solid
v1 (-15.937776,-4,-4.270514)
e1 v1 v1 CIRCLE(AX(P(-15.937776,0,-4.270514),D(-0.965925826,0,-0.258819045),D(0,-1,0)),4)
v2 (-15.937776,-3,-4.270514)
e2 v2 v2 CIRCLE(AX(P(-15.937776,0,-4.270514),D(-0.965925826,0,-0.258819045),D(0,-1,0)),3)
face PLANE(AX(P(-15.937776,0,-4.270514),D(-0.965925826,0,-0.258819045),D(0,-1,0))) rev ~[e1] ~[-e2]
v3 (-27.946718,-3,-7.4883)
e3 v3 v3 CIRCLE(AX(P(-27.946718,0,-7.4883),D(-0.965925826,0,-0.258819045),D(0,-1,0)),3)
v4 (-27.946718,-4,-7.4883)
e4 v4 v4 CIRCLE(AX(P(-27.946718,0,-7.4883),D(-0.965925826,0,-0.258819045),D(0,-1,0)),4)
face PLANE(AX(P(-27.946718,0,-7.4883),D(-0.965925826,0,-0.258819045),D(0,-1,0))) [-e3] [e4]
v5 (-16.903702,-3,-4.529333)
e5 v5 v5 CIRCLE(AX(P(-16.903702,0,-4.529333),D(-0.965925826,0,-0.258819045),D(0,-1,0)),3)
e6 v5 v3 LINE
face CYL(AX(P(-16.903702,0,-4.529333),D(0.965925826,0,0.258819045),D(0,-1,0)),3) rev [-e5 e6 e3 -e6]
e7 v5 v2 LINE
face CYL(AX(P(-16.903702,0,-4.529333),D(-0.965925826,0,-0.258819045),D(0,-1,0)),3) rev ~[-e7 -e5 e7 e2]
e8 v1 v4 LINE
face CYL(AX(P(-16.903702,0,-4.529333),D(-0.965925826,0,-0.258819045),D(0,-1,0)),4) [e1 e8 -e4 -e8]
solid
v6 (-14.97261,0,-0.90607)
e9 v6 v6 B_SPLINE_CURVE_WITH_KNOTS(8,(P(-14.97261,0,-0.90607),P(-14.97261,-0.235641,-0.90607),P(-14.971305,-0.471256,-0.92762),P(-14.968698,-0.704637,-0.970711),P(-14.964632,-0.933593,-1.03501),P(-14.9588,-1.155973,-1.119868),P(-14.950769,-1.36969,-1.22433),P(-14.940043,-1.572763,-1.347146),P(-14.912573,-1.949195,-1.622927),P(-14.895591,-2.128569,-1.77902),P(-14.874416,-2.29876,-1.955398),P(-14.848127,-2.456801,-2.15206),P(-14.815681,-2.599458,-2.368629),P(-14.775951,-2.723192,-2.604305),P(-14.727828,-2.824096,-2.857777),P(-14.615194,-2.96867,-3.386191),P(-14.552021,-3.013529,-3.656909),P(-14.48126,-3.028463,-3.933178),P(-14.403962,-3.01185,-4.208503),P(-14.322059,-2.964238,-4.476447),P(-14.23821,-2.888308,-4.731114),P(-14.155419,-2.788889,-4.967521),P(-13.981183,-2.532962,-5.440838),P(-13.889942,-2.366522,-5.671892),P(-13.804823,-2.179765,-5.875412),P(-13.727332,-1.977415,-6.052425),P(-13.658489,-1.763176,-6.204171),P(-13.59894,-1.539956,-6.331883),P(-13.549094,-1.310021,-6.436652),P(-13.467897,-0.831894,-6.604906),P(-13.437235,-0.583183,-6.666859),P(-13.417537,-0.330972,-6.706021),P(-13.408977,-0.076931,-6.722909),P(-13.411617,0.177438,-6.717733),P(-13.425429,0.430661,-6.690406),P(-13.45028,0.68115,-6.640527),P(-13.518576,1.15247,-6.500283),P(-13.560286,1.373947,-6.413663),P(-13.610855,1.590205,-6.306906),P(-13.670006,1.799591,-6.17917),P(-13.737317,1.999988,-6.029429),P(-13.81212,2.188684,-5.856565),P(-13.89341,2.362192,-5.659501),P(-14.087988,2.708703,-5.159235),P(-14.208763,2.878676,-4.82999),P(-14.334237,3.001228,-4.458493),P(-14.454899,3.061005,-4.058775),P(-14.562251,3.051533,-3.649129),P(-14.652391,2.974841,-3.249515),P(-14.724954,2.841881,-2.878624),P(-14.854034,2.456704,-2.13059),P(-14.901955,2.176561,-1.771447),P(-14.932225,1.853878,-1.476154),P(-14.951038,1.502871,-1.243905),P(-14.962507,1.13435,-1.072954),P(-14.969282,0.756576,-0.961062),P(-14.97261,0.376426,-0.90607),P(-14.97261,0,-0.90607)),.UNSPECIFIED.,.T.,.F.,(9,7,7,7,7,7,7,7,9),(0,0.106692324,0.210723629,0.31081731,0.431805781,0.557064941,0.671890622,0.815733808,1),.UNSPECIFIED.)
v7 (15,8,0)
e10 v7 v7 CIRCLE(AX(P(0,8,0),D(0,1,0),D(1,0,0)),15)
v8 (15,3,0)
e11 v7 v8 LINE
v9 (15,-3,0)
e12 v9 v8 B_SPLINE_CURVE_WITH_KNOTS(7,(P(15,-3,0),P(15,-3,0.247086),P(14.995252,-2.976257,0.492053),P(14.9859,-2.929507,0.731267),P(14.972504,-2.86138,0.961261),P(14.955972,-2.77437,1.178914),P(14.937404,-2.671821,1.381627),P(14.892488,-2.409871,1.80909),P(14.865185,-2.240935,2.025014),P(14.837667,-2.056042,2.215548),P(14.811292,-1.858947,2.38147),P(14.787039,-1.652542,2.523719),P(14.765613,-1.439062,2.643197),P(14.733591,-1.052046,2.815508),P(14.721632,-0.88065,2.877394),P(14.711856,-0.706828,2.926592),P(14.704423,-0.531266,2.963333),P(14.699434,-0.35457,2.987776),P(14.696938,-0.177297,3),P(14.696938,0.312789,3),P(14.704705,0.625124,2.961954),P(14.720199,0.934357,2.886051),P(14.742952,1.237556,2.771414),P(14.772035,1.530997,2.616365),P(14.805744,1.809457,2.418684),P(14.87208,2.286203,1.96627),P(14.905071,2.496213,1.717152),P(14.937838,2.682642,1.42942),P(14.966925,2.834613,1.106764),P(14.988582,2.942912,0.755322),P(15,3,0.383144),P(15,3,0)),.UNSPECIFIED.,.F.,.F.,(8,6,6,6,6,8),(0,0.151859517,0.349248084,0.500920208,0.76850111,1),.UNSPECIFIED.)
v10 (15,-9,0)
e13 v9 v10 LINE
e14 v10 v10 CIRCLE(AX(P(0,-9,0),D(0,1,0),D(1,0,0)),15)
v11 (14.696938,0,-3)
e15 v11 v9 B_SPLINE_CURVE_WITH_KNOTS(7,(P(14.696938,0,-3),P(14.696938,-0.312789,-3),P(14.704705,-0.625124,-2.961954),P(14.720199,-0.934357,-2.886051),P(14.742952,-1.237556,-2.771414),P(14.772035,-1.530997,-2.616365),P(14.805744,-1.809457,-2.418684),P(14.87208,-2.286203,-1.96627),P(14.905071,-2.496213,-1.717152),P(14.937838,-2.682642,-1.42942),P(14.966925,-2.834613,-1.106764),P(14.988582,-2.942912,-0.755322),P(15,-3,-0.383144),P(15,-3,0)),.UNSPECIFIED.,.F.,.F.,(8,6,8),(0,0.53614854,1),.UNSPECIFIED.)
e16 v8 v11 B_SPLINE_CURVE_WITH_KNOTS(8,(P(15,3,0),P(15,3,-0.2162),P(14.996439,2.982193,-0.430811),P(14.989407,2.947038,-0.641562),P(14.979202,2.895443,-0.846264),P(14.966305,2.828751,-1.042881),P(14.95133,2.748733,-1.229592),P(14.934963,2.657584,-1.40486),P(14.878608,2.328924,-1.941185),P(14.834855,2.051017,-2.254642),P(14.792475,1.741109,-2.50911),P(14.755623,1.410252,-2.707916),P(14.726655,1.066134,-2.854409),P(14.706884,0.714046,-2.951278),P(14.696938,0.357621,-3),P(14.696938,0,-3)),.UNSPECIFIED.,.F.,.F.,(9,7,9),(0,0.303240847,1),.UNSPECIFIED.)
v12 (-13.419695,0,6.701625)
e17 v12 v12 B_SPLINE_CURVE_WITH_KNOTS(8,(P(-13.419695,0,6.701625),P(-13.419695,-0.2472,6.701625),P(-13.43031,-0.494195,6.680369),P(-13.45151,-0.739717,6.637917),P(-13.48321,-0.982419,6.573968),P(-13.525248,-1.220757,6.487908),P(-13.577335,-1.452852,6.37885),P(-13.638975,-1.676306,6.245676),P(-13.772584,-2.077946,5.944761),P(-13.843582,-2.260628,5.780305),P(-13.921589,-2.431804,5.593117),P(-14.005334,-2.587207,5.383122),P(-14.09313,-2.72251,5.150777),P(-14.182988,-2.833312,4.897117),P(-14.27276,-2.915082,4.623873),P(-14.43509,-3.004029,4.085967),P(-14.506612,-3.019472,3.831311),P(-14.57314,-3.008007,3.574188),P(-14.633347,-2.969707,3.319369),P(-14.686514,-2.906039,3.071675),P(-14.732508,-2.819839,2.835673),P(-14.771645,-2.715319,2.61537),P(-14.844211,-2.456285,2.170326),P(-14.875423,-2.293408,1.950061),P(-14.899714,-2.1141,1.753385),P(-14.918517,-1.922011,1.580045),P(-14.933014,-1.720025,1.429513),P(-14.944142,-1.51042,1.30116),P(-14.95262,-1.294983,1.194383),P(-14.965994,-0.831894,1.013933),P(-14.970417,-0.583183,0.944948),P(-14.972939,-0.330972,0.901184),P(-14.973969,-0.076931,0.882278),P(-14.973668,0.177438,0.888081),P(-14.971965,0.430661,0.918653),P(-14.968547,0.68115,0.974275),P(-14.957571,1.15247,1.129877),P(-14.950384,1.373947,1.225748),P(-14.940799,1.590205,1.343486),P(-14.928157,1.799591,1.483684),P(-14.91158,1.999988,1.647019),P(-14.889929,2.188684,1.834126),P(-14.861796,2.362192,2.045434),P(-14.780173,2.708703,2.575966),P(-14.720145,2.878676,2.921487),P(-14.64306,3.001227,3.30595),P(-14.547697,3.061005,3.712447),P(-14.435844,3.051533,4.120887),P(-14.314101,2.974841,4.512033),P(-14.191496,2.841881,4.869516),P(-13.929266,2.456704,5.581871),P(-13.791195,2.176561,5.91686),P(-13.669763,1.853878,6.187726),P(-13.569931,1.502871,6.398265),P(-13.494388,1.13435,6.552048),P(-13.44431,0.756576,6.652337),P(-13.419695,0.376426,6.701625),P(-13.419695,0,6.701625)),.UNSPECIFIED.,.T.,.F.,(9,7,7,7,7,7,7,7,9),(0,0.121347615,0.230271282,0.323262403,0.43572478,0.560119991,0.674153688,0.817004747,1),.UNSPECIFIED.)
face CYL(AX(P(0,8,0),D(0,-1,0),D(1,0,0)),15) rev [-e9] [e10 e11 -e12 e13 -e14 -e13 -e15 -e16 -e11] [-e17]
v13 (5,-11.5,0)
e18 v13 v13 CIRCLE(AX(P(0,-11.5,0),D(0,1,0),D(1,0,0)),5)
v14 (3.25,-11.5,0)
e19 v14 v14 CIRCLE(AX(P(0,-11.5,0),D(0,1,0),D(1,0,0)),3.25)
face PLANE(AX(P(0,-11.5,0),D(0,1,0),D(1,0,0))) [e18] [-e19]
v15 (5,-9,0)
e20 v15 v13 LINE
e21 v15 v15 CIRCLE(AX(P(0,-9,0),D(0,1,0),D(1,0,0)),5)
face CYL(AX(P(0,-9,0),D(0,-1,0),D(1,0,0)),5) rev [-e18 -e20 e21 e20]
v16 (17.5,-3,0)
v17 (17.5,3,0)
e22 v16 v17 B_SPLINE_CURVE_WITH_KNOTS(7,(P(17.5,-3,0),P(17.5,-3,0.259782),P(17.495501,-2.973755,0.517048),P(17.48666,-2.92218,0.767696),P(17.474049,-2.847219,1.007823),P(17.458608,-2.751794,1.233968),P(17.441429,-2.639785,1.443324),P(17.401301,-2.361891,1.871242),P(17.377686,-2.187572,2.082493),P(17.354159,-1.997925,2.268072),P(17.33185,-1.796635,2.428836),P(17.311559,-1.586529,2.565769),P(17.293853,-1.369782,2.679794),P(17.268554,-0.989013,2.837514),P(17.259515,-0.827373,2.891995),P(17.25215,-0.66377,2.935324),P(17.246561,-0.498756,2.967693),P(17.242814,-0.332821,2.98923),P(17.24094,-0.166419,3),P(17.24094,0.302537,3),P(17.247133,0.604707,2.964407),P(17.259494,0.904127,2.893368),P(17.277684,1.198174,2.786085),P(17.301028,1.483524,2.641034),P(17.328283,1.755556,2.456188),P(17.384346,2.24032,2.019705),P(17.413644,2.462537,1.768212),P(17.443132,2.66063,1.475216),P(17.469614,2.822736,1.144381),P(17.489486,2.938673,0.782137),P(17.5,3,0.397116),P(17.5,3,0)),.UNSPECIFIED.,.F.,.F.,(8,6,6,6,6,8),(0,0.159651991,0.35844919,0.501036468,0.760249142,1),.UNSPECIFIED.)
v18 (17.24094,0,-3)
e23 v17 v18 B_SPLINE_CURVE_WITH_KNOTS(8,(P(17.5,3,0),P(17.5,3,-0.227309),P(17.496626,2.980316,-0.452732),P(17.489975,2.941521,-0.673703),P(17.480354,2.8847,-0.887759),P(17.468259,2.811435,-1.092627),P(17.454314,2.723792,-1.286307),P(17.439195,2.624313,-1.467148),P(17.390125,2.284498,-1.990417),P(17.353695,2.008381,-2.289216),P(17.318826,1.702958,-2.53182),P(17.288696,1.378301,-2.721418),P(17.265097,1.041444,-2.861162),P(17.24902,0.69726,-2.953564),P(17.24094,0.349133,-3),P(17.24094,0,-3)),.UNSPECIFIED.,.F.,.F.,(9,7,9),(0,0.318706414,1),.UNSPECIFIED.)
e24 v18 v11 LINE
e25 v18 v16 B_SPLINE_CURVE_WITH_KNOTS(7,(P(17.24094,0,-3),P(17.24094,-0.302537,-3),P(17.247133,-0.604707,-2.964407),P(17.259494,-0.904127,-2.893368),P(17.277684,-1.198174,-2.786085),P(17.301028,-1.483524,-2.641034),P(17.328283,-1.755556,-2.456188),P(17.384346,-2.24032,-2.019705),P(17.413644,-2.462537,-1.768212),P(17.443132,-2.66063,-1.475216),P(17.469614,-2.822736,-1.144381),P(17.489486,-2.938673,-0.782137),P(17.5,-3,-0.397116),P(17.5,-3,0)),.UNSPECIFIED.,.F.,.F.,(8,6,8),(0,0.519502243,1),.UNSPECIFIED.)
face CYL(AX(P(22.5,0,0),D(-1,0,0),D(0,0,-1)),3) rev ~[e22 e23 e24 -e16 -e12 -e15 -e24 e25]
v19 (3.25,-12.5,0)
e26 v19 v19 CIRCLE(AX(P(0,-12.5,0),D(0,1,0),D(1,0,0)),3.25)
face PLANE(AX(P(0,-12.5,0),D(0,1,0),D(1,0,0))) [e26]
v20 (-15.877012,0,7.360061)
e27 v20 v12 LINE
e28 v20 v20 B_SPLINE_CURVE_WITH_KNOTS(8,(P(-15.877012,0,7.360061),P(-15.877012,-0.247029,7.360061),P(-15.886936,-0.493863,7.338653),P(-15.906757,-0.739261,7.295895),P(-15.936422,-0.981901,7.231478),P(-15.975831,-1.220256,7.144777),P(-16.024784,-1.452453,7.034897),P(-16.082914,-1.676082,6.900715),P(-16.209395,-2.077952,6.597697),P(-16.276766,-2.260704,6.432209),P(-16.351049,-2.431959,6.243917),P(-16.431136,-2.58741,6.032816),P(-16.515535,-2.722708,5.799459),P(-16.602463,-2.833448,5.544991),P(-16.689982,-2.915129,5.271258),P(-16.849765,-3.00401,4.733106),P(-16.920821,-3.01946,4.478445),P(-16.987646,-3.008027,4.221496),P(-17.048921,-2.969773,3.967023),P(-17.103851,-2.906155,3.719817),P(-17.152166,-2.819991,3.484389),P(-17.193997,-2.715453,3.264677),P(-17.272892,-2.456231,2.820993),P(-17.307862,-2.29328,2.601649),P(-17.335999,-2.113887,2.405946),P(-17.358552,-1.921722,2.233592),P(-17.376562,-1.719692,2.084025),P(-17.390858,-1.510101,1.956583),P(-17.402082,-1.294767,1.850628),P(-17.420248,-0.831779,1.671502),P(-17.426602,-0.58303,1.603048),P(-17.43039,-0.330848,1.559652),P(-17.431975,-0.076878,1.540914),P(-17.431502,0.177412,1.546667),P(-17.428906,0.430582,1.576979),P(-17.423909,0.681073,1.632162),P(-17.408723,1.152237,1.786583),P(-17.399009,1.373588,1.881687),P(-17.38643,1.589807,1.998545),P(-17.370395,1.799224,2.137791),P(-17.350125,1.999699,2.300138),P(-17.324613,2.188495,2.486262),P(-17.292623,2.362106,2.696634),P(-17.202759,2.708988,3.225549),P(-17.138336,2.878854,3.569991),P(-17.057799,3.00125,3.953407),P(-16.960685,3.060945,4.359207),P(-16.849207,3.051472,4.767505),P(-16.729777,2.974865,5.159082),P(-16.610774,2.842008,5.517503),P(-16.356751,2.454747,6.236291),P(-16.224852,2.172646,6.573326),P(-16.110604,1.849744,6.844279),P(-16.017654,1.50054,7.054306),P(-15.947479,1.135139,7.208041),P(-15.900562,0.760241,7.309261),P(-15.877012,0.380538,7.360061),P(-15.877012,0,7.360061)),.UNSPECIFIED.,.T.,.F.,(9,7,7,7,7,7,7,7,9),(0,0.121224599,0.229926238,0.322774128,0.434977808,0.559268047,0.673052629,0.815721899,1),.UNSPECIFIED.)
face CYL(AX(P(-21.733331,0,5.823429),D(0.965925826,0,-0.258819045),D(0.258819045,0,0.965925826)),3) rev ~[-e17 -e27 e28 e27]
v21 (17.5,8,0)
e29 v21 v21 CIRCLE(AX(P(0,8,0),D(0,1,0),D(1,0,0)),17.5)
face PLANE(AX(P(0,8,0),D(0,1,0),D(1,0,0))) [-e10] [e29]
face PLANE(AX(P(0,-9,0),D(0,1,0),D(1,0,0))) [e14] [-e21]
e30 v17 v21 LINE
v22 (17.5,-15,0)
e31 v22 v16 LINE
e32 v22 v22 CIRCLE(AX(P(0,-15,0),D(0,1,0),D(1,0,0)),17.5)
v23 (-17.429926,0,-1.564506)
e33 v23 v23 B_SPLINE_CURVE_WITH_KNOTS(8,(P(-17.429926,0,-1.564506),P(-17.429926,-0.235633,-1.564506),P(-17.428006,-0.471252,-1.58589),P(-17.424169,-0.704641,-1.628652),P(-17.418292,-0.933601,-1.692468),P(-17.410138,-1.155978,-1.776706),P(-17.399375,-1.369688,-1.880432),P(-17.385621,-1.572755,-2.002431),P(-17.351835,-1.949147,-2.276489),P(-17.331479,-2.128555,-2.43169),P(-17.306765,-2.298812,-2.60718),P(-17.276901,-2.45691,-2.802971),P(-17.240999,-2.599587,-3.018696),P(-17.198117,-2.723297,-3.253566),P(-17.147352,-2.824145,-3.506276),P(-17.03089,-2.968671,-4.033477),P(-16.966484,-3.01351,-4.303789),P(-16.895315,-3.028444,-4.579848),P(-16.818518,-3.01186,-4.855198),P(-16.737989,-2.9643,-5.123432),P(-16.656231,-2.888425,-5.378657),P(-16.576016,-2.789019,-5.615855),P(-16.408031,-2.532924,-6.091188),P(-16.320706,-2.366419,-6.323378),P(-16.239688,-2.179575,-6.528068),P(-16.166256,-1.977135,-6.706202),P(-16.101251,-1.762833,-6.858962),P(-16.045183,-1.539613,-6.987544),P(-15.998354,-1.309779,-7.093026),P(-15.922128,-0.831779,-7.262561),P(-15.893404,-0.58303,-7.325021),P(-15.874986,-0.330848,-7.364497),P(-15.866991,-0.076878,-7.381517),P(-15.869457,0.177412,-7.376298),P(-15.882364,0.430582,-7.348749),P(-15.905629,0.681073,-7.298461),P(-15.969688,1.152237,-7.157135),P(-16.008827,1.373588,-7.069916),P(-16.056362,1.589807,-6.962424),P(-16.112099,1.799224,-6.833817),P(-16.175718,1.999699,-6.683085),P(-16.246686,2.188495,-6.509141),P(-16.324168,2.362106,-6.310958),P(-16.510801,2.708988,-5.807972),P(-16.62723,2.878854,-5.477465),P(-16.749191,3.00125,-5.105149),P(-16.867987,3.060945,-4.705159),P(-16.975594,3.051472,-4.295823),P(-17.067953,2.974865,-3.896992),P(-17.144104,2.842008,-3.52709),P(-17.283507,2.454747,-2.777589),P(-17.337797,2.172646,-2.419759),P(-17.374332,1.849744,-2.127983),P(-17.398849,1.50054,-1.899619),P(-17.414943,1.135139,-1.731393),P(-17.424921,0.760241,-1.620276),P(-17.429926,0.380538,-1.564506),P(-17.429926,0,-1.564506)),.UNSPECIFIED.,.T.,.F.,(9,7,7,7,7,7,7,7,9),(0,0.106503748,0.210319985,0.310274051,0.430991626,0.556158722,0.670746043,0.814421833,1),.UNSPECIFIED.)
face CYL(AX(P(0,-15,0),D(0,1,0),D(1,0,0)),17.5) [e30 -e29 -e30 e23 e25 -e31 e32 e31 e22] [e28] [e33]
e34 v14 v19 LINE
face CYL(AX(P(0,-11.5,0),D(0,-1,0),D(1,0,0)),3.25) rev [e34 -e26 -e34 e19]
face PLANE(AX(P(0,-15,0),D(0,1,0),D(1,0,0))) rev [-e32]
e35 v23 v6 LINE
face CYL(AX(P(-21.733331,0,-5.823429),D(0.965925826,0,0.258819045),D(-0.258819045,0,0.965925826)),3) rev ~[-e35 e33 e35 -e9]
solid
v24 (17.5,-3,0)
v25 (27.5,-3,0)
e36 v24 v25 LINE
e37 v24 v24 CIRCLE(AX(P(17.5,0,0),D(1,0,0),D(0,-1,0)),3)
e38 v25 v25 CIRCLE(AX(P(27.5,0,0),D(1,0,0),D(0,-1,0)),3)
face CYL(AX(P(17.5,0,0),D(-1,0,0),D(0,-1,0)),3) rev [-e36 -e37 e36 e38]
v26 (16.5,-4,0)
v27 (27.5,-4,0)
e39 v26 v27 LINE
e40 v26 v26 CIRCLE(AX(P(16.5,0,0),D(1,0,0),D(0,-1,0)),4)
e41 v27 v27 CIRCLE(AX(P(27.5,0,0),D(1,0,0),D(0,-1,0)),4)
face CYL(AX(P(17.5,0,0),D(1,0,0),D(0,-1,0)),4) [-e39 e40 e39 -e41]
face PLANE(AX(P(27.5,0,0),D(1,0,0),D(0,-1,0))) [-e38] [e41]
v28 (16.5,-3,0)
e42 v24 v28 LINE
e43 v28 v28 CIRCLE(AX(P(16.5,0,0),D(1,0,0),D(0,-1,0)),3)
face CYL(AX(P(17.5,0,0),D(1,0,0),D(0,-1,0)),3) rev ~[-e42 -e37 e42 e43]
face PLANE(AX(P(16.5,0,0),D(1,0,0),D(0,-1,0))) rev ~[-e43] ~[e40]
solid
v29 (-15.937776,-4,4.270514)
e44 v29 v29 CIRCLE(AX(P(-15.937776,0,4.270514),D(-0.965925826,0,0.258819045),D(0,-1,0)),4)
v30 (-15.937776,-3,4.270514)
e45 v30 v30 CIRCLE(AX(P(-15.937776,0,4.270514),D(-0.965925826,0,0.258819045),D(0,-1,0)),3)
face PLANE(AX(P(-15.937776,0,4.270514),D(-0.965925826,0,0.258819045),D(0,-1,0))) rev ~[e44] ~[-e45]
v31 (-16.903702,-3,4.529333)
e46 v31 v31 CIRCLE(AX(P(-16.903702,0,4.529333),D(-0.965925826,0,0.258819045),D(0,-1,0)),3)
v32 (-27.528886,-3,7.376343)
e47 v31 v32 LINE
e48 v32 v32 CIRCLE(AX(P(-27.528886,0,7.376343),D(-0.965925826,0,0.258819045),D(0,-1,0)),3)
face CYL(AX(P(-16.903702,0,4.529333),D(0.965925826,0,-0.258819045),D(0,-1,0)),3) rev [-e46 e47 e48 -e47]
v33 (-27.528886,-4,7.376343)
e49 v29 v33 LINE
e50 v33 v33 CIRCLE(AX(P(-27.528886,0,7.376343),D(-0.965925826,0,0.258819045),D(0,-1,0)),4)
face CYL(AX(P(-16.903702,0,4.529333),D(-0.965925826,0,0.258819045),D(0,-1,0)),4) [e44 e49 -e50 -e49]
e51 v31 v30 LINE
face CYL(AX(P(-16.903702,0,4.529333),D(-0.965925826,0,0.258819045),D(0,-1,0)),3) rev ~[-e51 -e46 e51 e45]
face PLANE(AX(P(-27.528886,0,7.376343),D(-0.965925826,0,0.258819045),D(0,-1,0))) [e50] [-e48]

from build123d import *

# Parameters (mm, degrees)
FUROS_GUIA_COM_6_0MM1_D       = 6
FUROS_GUIA_COM_6_0MM1_DEPTH   = 5
FUROS_GUIA_COM_6_0MM1_TIP     = 1.802581857
FUROS_GUIA_COM_6_0MM5_D       = 6
FUROS_GUIA_COM_6_0MM5_DEPTH   = 5
FUROS_GUIA_COM_6_0MM5_TIP     = 1.802581857
FUROS_GUIA_COM_6_0MM4_D       = 6
FUROS_GUIA_COM_6_0MM4_DEPTH   = 5
FUROS_GUIA_COM_6_0MM4_TIP     = 1.802581857
ESBO_O9_R                     = 4
ESBO_O9_R_2                   = 3
RESSALTO_EXTRUS_O1_DEPTH      = 11.432571
RESSALTO_EXTRUS_O1_DEPTH_BACK = 1
ESBO_O11_R                    = 4
ESBO_O11_R_2                  = 3
RESSALTO_EXTRUS_O2_DEPTH      = 11
RESSALTO_EXTRUS_O2_DEPTH_BACK = 1
ESBO_O13_R                    = 4
ESBO_O13_R_2                  = 3
RESSALTO_EXTRUS_O3_DEPTH      = 10
RESSALTO_EXTRUS_O3_DEPTH_BACK = 1


with BuildPart() as part:
    # Esboço1 → Revolução1 (revolve)
    with BuildSketch(Plane.XY):
        Polygon((0, -15), (17.5, -15), (17.5, 8), (15, 8), (15, -9), (5, -9), (5, -11.5), (3.25, -11.5), (3.25, -12.5), (0, -12.5), align=None)
    revolve(axis=Axis((0, 0, 0), (0, 1, 0)))

    # Furos-guia com Ø6.0mm1
    with Locations(Plane(origin=(17.5, 0, 0), x_dir=(0, 0, 1), z_dir=(1, 0, 0))):
        with Locations((0, 0)):
            Hole(FUROS_GUIA_COM_6_0MM1_D / 2, depth=FUROS_GUIA_COM_6_0MM1_DEPTH)
            with Locations((0, 0, -(FUROS_GUIA_COM_6_0MM1_DEPTH + FUROS_GUIA_COM_6_0MM1_TIP / 2))):  # 118° drill point
                Cone(0, FUROS_GUIA_COM_6_0MM1_D / 2, FUROS_GUIA_COM_6_0MM1_TIP, mode=Mode.SUBTRACT)

    # Furos-guia com Ø6.0mm5
    with Locations(Plane(origin=(-16.90370196, 0, -4.529333289), x_dir=(0.258819045, 0, -0.965925826), z_dir=(-0.965925826, 0, -0.258819045))):
        with Locations((0, 0)):
            Hole(FUROS_GUIA_COM_6_0MM5_D / 2, depth=FUROS_GUIA_COM_6_0MM5_DEPTH)
            with Locations((0, 0, -(FUROS_GUIA_COM_6_0MM5_DEPTH + FUROS_GUIA_COM_6_0MM5_TIP / 2))):  # 118° drill point
                Cone(0, FUROS_GUIA_COM_6_0MM5_D / 2, FUROS_GUIA_COM_6_0MM5_TIP, mode=Mode.SUBTRACT)

    # Furos-guia com Ø6.0mm4
    with Locations(Plane(origin=(-16.90370196, 0, 4.529333289), x_dir=(-0.258819045, 0, -0.965925826), z_dir=(-0.965925826, 0, 0.258819045))):
        with Locations((0, 0)):
            Hole(FUROS_GUIA_COM_6_0MM4_D / 2, depth=FUROS_GUIA_COM_6_0MM4_DEPTH)
            with Locations((0, 0, -(FUROS_GUIA_COM_6_0MM4_DEPTH + FUROS_GUIA_COM_6_0MM4_TIP / 2))):  # 118° drill point
                Cone(0, FUROS_GUIA_COM_6_0MM4_D / 2, FUROS_GUIA_COM_6_0MM4_TIP, mode=Mode.SUBTRACT)


with BuildPart() as body_2:
    # Esboço9 → Ressalto-extrusão1 (new body, two sides)
    with BuildSketch(Plane(origin=(-16.90370196, 0, -4.529333289), x_dir=(0, -1, 0), z_dir=(-0.965925826, 0, -0.258819045))) as ressalto_extrus_o1_sk:
        Circle(ESBO_O9_R)
        Circle(ESBO_O9_R_2, mode=Mode.SUBTRACT)
    extrude(amount=RESSALTO_EXTRUS_O1_DEPTH)
    extrude(ressalto_extrus_o1_sk.sketch, amount=-RESSALTO_EXTRUS_O1_DEPTH_BACK)


with BuildPart() as body_3:
    # Esboço11 → Ressalto-extrusão2 (new body, two sides)
    with BuildSketch(Plane(origin=(-16.90370196, 0, 4.529333289), x_dir=(0, -1, 0), z_dir=(-0.965925826, 0, 0.258819045))) as ressalto_extrus_o2_sk:
        Circle(ESBO_O11_R)
        Circle(ESBO_O11_R_2, mode=Mode.SUBTRACT)
    extrude(amount=RESSALTO_EXTRUS_O2_DEPTH)
    extrude(ressalto_extrus_o2_sk.sketch, amount=-RESSALTO_EXTRUS_O2_DEPTH_BACK)


with BuildPart() as body_4:
    # Esboço13 → Ressalto-extrusão3 (new body, two sides)
    with BuildSketch(Plane(origin=(17.5, 0, 0), x_dir=(0, -1, 0), z_dir=(1, 0, 0))) as ressalto_extrus_o3_sk:
        Circle(ESBO_O13_R)
        Circle(ESBO_O13_R_2, mode=Mode.SUBTRACT)
    extrude(amount=RESSALTO_EXTRUS_O3_DEPTH)
    extrude(ressalto_extrus_o3_sk.sketch, amount=-RESSALTO_EXTRUS_O3_DEPTH_BACK)


solid = Compound([part.part, body_2.part, body_3.part, body_4.part])
